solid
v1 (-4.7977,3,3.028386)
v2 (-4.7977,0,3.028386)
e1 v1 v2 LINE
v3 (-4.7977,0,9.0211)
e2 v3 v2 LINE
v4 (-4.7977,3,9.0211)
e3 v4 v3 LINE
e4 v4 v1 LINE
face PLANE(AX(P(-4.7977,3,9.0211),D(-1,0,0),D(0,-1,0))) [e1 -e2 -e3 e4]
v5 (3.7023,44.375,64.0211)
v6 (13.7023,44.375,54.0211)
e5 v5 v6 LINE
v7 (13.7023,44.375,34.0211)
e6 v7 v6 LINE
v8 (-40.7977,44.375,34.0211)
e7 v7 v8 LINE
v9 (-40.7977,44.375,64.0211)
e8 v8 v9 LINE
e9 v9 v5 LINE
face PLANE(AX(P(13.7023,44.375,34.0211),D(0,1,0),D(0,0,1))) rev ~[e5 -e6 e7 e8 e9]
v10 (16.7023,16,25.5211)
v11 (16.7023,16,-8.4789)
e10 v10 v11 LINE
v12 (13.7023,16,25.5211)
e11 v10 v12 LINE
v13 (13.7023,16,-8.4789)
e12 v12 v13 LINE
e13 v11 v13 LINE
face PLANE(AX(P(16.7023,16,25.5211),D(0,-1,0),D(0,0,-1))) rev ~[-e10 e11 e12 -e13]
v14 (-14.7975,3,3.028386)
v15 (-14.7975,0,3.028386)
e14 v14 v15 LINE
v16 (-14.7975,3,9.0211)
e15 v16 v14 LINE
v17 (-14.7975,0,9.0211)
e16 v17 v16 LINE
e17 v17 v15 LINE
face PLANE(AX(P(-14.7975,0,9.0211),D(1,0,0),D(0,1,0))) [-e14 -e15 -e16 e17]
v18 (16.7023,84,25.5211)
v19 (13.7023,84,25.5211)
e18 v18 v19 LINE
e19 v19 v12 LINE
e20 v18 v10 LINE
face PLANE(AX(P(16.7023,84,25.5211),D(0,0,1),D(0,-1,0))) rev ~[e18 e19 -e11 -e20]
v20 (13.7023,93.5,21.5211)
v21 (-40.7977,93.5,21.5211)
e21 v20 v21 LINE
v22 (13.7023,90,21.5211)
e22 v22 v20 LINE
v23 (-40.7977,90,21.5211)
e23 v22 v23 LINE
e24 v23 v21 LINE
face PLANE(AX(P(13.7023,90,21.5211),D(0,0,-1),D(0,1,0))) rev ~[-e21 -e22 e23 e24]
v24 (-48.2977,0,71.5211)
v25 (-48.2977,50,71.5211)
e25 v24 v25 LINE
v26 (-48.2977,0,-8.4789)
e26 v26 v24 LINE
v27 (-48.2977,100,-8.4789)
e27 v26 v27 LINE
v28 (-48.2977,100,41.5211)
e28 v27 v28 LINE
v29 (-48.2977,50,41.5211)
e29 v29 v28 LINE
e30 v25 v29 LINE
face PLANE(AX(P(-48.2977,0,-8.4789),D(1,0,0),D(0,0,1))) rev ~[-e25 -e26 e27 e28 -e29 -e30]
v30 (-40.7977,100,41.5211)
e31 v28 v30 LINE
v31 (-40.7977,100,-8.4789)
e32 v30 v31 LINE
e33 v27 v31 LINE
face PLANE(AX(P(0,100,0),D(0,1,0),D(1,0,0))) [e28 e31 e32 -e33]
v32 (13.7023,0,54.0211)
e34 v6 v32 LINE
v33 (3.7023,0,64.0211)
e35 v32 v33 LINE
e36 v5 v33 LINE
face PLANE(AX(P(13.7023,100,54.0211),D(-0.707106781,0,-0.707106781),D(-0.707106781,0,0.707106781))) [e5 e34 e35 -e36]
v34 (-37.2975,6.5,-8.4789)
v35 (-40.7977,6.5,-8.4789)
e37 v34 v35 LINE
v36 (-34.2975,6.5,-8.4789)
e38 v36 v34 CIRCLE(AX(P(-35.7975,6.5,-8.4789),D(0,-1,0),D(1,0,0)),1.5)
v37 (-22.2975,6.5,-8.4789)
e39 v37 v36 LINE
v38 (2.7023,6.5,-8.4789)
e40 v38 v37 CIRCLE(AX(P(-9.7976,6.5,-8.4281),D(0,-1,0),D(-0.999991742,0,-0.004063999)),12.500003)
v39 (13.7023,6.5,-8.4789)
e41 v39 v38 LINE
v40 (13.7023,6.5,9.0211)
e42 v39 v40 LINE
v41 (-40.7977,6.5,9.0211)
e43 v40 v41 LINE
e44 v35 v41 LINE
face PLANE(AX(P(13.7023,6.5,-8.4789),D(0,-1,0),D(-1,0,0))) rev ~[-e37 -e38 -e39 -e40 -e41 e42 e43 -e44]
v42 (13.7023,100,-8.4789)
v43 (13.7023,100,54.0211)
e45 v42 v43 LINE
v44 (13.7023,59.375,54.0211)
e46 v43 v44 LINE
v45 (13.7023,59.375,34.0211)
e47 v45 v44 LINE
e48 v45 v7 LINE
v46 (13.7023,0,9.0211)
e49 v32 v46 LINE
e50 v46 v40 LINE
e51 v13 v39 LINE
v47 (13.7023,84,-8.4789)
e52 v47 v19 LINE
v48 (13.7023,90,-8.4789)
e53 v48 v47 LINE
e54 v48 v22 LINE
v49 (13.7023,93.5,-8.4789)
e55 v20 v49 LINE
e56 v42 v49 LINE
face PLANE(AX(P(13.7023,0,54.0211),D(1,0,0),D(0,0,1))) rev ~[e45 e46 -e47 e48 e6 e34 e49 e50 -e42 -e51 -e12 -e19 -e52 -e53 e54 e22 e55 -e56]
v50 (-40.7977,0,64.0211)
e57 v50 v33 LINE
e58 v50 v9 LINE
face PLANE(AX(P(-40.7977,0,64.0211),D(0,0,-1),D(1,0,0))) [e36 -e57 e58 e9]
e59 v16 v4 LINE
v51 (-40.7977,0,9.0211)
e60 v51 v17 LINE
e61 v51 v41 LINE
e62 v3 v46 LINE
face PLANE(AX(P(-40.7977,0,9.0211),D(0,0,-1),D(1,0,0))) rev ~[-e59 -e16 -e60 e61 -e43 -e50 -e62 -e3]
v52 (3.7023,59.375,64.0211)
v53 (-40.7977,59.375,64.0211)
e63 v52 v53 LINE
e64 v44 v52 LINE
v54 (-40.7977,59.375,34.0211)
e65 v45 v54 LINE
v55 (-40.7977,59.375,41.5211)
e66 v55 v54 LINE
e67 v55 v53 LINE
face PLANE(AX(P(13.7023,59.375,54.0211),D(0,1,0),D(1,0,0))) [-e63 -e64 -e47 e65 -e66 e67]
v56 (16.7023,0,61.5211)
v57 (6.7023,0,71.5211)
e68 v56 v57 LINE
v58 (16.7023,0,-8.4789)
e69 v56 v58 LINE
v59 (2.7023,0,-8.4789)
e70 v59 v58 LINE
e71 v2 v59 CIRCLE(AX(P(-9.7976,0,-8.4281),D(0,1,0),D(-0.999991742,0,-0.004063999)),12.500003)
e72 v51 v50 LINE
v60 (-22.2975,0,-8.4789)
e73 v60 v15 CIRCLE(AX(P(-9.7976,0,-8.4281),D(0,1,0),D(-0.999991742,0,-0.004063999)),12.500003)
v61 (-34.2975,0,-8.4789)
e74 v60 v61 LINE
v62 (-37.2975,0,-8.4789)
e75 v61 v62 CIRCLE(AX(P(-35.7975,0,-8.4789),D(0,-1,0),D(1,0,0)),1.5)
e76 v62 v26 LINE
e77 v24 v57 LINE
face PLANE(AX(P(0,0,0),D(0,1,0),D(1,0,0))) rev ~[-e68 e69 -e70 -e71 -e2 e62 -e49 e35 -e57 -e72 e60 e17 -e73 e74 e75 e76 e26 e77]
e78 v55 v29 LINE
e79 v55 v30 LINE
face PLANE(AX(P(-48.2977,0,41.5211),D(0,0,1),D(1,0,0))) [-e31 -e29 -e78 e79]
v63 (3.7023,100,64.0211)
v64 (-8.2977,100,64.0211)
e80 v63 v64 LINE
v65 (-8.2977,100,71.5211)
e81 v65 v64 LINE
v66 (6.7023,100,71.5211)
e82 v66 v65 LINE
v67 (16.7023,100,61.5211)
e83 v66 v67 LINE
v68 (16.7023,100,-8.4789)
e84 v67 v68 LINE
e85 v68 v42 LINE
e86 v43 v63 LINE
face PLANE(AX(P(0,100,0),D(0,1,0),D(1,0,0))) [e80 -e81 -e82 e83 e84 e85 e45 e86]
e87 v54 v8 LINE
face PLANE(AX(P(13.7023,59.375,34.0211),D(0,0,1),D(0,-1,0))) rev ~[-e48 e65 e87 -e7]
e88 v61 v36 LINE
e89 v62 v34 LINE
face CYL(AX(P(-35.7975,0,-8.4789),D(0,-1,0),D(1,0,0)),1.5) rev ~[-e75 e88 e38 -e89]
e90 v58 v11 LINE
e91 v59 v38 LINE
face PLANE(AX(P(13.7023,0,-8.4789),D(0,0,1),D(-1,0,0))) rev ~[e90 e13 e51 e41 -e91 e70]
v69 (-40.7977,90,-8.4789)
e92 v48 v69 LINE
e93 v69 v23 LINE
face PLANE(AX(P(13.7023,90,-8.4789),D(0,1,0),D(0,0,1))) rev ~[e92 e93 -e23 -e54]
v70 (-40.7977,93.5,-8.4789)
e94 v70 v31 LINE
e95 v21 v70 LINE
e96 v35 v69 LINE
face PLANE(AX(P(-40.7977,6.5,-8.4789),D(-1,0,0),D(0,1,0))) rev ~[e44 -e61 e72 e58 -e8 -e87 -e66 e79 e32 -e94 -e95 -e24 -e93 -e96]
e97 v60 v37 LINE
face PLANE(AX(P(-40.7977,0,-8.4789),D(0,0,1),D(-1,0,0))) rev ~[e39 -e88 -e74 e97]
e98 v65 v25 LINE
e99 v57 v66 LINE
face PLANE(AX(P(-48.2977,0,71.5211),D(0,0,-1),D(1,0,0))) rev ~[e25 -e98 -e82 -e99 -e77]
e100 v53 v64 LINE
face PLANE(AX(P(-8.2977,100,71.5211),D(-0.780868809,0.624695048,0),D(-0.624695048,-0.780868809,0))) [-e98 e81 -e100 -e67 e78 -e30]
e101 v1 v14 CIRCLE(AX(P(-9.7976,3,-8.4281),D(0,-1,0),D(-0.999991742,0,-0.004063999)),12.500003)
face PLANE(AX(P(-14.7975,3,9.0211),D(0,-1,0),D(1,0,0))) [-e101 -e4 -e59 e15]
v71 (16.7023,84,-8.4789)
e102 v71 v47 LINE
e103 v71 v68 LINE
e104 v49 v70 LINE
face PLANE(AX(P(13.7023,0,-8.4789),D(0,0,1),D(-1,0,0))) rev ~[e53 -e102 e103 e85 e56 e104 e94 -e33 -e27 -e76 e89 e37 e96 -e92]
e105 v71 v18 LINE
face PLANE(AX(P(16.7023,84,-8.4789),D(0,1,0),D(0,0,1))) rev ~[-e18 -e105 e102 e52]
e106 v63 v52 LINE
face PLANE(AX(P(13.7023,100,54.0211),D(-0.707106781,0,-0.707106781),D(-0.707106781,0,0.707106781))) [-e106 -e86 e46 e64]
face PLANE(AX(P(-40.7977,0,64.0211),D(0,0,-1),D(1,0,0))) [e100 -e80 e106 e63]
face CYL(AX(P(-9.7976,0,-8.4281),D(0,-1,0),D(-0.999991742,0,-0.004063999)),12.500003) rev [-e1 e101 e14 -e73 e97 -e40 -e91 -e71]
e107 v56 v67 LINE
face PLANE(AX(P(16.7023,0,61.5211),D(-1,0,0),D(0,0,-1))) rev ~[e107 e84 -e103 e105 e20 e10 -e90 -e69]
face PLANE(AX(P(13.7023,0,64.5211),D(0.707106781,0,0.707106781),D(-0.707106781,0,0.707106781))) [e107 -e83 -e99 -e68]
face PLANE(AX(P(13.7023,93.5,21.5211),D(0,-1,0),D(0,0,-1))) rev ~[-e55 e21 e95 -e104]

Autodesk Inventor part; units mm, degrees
ref_plane "YZ Plane" through (0, 0, 0) normal (1, 0, 0) x (0, 1, 0)
ref_plane "XZ Plane" through (0, 0, 0) normal (0, 1, 0) x (-1, 0, 0)
ref_plane "XY Plane" through (0, 0, 0) normal (0, 0, 1) x (1, 0, 0)
sketch "Sketch1" plane through (0, 0, 0) normal (0, 1, 0) x (-1, 0, 0)
  line L0 (48.2977, 71.5211) -> (-16.7023, 71.5211)
  line L1 (-16.7023, 71.5211) -> (-16.7023, -8.4789)
  line L2 (-16.7023, -8.4789) -> (48.2977, -8.4789)
  line L3 (48.2977, -8.4789) -> (48.2977, 71.5211)
  arc A0 (22.2975, -8.4789) -> (-2.7023, -8.4789) centre (9.7976, -8.4281) ccw
  line L4 (-16.7023, -8.4789) -> (-13.7023, -8.4789)
  line L5 (-13.7023, -8.4789) -> (-13.7023, 71.5211)
  line L6 (-13.7023, 71.5211) -> (-16.7023, 71.5211)
  line L7 (-16.7023, 71.5211) -> (-16.7023, -8.4789)
  line L8 (48.2977, -8.4789) -> (40.7977, -8.4789)
  line L9 (40.7977, -8.4789) -> (40.7977, 71.5211)
  line L10 (40.7977, 71.5211) -> (48.2977, 71.5211)
  line L11 (48.2977, 71.5211) -> (48.2977, -8.4789)
  line L12 (-13.7023, -8.4789) -> (40.7977, -8.4789)
  line L13 (40.7977, -8.4789) -> (40.7977, 9.0211)
  line L14 (40.7977, 9.0211) -> (-13.7023, 9.0211)
  line L15 (-13.7023, 9.0211) -> (-13.7023, -8.4789)
  line L16 (-13.7023, 71.5211) -> (40.7977, 71.5211)
  line L17 (40.7977, 71.5211) -> (40.7977, 64.0211)
  line L18 (40.7977, 64.0211) -> (-13.7023, 64.0211)
  line L19 (-13.7023, 64.0211) -> (-13.7023, 71.5211)
  line L20 (-16.7023, 61.5211) -> (-6.7023, 71.5211)
  line L21 (-16.7023, 61.5211) -> (-16.7023, 71.5211)
  line L22 (-6.7023, 71.5211) -> (-13.7023, 64.5211)
  line L23 (-13.7023, 64.0211) -> (-13.7023, 64.5211)
  line L24 (-6.7023, 71.5211) -> (40.7977, 71.5211)
  line L25 (40.7977, 64.0211) -> (-13.7023, 64.0211)
  line L26 (-13.7023, 64.5211) -> (-13.7023, 64.0211)
  line L27 (-13.7023, 64.5211) -> (-6.7023, 71.5211)
  line L28 (-13.7023, 54.0211) -> (-3.7023, 64.0211)
  point P0 (0, 0)
  dimension "d0" = 80
  dimension "d1" = 65
  dimension "d3" = 14
  dimension "d4" = 12.5
  dimension "d5" = 7.5
  dimension "d6" = 3
  dimension "d7" = 17.5
  dimension "d8" = 7.5
  dimension "d9" = 10
  dimension "d10" = 10
  dimension "d48" = 10
  dimension "d49" = 10
extrude "Extrusion1" add sketch "Sketch1" along normal blind 100 contours L3 L2 L9 L0 | L9 L18 L5 L20 L0 | L2 A0 L5 L14 L9 | L5 L2 L1 L20
sketch "Sketch2" plane through (-22.2975, 0, -8.4789) normal (0, 0, -1) x (-1, 0, 0)
  line L0 (18.5002, 0) -> (18.5002, 100) projected
  line L1 (18.5002, 100) -> (-35.9998, 100)
  line L2 (-35.9998, 100) -> (-35.9998, 6.5)
  line L3 (-35.9998, 6.5) -> (18.5002, 6.5)
  line L4 (18.5002, 6.5) -> (18.5002, 100)
  point P0 (-22.2975, 0)
  dimension "d13" = 93.5
  dimension "d14" = 54.5
extrude "Extrusion2" cut sketch "Sketch2" against normal blind 30
sketch "Sketch3" plane through (-40.7977, 0, 9.0211) normal (0, 0, 1) x (1, 0, 0)
  line L0 (54.5, 6.5) -> (0, 6.5) projected
  line L1 (26.0002, 6.5) -> (36, 6.5)
  line L2 (18.5002, 6.5) -> (18.5002, 0) projected
  line L3 (43.5, 0) -> (43.5, 6.5) projected
  line L4 (0, 0) -> (54.5, 0) projected
  line L5 (36, 0) -> (26.0002, 0)
  line L6 (26.0002, 0) -> (26.0002, 3)
  line L7 (26.0002, 3) -> (36, 3)
  line L8 (36, 3) -> (36, 0)
  point P0 (40.7977, 0)
  dimension "d43" = 7.5
  dimension "d44" = 7.5
  dimension "d45" = 3
sketch "Sketch4" plane through (16.7023, 0, 61.5211) normal (1, 0, 0) x (0, 0, -1)
  line L0 (70, 100) -> (70, 6.5) projected
  line L1 (70, 84) -> (36, 84)
  line L2 (36, 84) -> (36, 16)
  line L3 (36, 16) -> (70, 16)
  line L4 (70, 16) -> (70, 84)
  line L5 (0, 0) -> (70, 0) projected
  line L6 (0, 100) -> (70, 100) projected
  point P0 (61.5211, 0)
  dimension "d22" = 34
  dimension "d23" = 16
  dimension "d24" = 16
  dimension "d25" = 68
extrude "Extrusion4" cut sketch "Sketch4" against normal blind 30
sketch "Sketch5" plane through (0, 0, 0) normal (0, -1, 0) x (1, 0, 0)
  line L0 (-40.7977, -8.4789) -> (-22.2975, -8.4789) projected
  arc A0 (-37.2975, -8.4789) -> (-34.2975, -8.4789) centre (-35.7975, -8.4789) ccw
  arc A1 (-34.2975, -8.4789) -> (-37.2975, -8.4789) centre (-35.7975, -8.4789) ccw
  point P0 (0, 0)
  dimension "d28" = 15
  dimension "d29" = 1.5
  dimension "d30" = 0
  dimension "d31" = 1.5
extrude "Extrusion5" cut sketch "Sketch5" against normal blind 30 contours A1 L0
sketch "Sketch7" plane through (-48.2977, 0, 71.5211) normal (0, 0, 1) x (1, 0, 0)
  line L0 (0, 100) -> (55, 100) projected
  line L1 (0, 100) -> (40, 100)
  line L2 (40, 100) -> (0, 50)
  line L3 (0, 50) -> (0, 100)
  line L4 (65, 100) -> (65, 0) projected
  point P0 (48.2977, 0)
  dimension "d39" = 40
  dimension "d40" = 25
  dimension "d41" = 50
extrude "Extrusion6" cut sketch "Sketch3" against normal blind 30 contours L4 L6 L7 L8
sketch "Sketch8" plane through (0, 100, 0) normal (0, 1, 0) x (1, 0, 0)
  line L0 (13.7023, 8.4789) -> (13.7023, -64.0211) projected
  line L1 (13.7023, -54.0211) -> (3.7023, -64.0211)
  line L2 (3.7023, -64.0211) -> (13.7023, -64.0211)
  line L3 (13.7023, -64.0211) -> (13.7023, -54.0211)
  point P0 (0, 0)
  dimension "d50" = 10
  dimension "d51" = 10
extrude "Extrusion7" add sketch "Sketch8" against normal up to surface (100 mm away)
extrude "Extrusion8" cut sketch "Sketch7" against normal blind 30
sketch "Sketch9" plane through (13.7023, 0, 9.0211) normal (-1, 0, 0) x (0, 0, 1)
  line L0 (32.5, 59.375) -> (55, 59.375) projected
  line L1 (45, 0) -> (45, 100) projected
  line L2 (45, 59.375) -> (25, 59.375)
  line L3 (25, 59.375) -> (25, 44.375)
  line L4 (25, 44.375) -> (45, 44.375)
  line L5 (45, 44.375) -> (45, 59.375)
  point P0 (-9.0211, 0)
  dimension "d56" = 15
  dimension "d57" = 20
extrude "Extrusion9" add sketch "Sketch9" along normal up to next
sketch "Sketch10" plane through (-40.7977, 44.375, 54.0211) normal (0, 0, 1) x (1, 0, 0)
  line L0 (54.5, 15) -> (0, 15) projected
  line L1 (55.1529, 0) -> (0.519, 0)
  line L2 (0.519, 0) -> (0.519, 15)
  line L3 (0.519, 15) -> (55.1529, 15)
  line L4 (55.1529, 15) -> (55.1529, 0)
  line L5 (54.5, 0) -> (0, 0) projected
  line L6 (0, 15) -> (27.836, 15)
  line L7 (27.836, 15) -> (27.836, 0)
  line L8 (27.836, 0) -> (0, 0)
  line L9 (0, 0) -> (0, 15)
  point P0 (40.7977, -44.375)
extrude "Extrusion10" add sketch "Sketch10" along normal up to next
sketch "Sketch11" plane through (13.7023, 0, 9.0211) normal (-1, 0, 0) x (0, 0, 1)
  line L0 (-17.5, 84) -> (-17.5, 100) projected
  line L1 (-17.5, 90) -> (12.5, 90)
  line L2 (12.5, 90) -> (12.5, 93.5)
  line L3 (12.5, 93.5) -> (-17.5, 93.5)
  line L4 (-17.5, 93.5) -> (-17.5, 90)
  line L5 (-17.5, 100) -> (45, 100) projected
  point P0 (-9.0211, 0)
  dimension "d62" = 3.5
  dimension "d63" = 30
  dimension "d64" = 10
extrude "Extrusion11" add sketch "Sketch11" along normal up to next
equation "\"d8\" = d5"
equation "\"d49\" = d48"
equation "\"d44\" = d43"
equation "\"d24\" = d23"
equation "\"d31\" = d29"
properties part number "Base"
